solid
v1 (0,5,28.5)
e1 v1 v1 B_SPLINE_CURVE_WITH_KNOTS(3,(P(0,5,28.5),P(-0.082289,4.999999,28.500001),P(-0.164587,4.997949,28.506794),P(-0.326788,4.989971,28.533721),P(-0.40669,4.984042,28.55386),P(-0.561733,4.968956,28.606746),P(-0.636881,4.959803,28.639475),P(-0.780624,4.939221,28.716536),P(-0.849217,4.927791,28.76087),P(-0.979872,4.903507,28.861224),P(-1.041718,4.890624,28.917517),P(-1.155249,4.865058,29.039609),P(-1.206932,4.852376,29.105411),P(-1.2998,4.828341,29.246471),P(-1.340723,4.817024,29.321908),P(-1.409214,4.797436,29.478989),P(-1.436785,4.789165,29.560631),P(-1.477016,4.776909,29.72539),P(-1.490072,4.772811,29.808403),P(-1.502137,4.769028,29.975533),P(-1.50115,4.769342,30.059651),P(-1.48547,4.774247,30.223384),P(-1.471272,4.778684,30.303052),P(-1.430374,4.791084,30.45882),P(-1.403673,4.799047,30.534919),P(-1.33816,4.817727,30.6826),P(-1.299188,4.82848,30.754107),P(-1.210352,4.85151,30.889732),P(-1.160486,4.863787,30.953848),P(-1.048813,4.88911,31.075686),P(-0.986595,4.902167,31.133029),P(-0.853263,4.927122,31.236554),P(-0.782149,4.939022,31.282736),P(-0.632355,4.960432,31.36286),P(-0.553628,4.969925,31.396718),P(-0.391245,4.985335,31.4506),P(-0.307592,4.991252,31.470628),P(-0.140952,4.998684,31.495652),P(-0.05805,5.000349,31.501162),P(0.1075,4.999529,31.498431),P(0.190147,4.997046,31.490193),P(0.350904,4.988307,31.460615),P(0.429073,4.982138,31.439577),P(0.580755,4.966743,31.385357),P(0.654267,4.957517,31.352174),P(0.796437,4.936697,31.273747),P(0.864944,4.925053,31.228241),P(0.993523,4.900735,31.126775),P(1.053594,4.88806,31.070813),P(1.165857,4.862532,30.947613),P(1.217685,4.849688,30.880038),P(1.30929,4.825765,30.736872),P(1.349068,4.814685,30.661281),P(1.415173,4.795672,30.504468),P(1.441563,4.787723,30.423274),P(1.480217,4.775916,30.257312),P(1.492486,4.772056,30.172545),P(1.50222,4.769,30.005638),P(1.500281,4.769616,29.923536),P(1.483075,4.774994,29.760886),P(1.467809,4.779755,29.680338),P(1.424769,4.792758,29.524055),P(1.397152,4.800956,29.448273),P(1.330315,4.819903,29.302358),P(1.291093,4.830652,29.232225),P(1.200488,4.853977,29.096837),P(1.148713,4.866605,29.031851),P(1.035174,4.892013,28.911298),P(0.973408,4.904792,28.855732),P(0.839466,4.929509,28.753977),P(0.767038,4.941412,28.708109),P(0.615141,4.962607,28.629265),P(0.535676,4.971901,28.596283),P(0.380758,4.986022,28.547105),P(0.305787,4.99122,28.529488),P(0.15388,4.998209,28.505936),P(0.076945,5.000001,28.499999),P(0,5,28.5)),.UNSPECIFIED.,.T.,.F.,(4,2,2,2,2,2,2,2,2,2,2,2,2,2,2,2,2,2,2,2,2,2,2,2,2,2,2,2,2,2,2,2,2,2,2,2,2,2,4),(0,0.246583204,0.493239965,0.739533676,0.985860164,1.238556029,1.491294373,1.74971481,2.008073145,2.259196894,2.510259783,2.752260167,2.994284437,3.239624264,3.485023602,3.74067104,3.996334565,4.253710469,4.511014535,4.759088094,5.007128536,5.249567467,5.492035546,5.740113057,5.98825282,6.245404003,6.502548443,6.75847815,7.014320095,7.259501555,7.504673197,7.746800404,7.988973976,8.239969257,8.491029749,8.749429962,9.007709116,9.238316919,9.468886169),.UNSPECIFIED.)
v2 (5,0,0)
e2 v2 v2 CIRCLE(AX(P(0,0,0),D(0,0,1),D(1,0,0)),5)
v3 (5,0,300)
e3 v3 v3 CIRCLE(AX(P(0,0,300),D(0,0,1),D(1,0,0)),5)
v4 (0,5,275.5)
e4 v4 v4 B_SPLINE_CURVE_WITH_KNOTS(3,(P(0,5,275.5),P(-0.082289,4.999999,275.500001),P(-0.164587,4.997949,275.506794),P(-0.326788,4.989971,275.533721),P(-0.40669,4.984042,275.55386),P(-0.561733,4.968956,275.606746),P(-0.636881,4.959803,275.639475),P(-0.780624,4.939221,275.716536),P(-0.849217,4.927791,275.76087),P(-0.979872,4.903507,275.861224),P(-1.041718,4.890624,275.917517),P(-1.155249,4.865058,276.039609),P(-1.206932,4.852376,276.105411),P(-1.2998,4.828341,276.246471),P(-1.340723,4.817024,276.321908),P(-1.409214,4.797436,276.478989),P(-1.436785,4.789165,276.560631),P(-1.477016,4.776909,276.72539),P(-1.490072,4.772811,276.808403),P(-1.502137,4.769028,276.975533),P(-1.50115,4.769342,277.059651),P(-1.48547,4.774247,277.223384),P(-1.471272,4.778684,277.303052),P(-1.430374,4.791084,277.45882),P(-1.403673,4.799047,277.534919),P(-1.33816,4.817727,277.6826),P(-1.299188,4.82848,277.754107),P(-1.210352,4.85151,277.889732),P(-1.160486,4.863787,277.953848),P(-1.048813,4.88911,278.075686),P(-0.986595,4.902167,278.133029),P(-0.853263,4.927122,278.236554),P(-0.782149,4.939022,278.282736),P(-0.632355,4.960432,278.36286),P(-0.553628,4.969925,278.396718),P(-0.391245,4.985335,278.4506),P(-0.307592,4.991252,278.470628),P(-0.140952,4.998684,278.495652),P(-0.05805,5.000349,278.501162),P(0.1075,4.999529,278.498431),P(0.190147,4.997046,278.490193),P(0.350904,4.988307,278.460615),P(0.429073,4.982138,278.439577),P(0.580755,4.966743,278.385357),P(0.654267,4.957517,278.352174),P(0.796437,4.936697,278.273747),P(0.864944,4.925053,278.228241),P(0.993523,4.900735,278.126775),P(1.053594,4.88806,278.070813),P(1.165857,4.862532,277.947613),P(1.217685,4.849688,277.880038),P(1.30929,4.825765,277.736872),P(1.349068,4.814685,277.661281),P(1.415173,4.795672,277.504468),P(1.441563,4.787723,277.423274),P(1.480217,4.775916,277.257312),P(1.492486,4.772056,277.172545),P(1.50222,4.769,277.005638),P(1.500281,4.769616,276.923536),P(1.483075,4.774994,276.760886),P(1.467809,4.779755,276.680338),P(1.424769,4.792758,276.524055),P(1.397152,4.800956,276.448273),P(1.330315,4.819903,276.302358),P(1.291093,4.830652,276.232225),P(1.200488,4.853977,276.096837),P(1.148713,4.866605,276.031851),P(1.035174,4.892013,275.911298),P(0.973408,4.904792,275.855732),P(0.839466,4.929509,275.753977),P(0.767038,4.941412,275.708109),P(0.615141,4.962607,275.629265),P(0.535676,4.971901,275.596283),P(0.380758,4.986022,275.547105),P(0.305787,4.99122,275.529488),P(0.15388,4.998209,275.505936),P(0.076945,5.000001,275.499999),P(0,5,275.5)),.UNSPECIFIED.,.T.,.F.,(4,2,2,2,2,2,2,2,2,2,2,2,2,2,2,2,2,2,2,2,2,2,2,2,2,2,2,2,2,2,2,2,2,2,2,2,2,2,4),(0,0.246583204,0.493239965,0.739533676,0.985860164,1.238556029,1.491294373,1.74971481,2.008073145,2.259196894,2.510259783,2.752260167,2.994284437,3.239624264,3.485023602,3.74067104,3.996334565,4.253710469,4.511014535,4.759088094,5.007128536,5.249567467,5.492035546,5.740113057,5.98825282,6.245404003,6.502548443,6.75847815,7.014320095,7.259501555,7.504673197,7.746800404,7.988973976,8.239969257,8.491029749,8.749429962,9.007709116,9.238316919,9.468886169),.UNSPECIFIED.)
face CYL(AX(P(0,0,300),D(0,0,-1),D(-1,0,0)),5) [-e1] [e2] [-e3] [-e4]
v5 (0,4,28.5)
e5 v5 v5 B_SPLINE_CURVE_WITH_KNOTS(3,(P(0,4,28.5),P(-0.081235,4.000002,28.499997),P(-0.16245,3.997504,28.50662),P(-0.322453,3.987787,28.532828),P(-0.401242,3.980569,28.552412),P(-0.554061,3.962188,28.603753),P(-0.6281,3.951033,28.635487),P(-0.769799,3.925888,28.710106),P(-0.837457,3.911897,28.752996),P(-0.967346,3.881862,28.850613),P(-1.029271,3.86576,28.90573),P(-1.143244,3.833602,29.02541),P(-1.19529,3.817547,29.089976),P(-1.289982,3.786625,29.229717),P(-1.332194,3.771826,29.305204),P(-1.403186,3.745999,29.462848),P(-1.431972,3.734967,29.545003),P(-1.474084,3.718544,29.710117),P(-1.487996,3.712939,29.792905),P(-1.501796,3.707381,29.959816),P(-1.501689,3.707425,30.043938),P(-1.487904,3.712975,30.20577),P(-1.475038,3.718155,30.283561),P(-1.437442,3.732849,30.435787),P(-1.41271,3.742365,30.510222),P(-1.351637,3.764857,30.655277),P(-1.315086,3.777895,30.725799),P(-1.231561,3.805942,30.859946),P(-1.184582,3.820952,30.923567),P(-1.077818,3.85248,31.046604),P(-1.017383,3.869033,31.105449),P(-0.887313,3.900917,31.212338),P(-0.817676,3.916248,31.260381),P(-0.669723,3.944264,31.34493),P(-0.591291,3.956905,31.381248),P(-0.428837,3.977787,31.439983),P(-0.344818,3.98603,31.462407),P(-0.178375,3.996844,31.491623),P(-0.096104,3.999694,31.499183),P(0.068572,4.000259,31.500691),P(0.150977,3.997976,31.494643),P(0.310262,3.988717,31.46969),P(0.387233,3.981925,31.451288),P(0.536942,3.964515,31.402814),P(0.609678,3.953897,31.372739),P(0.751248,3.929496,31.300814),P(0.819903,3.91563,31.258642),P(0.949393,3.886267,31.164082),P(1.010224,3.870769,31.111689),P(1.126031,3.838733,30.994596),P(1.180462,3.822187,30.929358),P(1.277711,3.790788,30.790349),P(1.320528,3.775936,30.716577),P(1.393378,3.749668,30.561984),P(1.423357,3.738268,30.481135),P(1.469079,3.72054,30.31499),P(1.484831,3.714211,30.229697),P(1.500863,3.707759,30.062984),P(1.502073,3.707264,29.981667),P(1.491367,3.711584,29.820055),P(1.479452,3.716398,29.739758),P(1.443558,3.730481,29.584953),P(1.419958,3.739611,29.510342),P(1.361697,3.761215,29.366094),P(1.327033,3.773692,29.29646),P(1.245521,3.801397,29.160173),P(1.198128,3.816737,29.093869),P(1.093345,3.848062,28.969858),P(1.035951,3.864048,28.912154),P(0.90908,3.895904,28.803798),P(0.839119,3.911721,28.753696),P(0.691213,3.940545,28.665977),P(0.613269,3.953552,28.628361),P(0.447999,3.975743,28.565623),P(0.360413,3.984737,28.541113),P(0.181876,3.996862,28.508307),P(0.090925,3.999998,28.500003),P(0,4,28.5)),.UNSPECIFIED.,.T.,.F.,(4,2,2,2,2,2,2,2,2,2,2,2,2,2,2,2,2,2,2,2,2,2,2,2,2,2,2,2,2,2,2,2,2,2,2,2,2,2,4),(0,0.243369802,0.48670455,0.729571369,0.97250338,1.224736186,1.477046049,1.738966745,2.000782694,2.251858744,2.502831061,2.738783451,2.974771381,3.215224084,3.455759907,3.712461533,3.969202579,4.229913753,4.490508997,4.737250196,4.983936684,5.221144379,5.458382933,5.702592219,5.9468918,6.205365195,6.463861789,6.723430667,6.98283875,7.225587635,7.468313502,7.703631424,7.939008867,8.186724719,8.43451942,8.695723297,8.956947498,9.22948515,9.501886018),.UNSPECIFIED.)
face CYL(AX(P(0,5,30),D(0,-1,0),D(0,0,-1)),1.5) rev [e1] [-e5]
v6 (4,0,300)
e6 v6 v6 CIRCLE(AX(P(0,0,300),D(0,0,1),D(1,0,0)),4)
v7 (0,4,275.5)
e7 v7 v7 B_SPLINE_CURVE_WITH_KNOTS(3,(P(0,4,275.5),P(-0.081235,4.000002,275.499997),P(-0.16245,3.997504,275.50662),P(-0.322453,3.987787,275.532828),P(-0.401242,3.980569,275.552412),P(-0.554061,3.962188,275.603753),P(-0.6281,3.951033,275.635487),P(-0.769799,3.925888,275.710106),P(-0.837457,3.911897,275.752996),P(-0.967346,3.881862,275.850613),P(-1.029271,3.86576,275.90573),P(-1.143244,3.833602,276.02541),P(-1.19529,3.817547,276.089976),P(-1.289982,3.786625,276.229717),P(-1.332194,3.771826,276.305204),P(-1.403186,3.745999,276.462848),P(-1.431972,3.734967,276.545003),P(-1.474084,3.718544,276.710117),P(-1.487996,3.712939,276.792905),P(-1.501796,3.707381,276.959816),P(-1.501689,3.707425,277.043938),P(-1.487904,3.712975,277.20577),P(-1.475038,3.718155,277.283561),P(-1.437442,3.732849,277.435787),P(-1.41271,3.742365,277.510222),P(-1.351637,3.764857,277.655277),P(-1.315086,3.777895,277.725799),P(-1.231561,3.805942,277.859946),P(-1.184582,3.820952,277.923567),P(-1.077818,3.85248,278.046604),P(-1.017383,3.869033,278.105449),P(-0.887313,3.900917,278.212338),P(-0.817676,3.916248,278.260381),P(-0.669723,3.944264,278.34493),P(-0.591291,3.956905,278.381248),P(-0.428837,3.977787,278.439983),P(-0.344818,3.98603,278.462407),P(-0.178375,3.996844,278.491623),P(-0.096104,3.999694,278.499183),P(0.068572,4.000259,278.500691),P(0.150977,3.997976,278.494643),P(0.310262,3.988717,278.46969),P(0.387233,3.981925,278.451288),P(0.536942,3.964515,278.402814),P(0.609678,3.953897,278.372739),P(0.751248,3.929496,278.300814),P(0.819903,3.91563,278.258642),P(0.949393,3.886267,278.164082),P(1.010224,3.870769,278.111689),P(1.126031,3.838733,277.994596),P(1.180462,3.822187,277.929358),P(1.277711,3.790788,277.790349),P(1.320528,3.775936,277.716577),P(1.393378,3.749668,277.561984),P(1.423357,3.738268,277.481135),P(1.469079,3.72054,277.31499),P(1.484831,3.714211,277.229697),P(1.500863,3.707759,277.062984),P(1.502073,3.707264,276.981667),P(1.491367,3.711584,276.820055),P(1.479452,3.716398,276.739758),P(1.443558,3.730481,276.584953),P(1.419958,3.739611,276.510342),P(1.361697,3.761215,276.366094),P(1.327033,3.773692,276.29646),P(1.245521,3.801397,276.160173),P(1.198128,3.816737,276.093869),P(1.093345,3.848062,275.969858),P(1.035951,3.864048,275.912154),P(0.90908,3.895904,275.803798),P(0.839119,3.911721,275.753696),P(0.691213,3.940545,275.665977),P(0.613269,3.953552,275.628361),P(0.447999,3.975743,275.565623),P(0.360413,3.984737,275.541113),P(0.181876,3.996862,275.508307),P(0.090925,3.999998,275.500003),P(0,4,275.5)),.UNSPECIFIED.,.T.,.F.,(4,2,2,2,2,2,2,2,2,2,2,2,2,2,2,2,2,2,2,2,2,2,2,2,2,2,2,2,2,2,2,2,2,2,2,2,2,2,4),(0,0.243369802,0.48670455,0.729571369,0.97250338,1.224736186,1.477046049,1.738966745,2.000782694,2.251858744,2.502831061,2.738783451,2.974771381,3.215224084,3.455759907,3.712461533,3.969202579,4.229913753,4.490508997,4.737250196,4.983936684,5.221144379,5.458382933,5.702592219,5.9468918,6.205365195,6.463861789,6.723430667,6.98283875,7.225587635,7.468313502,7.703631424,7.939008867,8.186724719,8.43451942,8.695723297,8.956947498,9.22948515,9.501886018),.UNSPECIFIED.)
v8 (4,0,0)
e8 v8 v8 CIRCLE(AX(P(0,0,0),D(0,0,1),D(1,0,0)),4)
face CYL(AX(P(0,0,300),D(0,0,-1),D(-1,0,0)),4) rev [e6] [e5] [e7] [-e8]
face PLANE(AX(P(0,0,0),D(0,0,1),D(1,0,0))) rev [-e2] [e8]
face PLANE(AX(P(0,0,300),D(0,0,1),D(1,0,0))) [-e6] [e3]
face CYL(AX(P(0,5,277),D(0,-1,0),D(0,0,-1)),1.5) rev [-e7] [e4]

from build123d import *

# Parameters (mm, degrees)
SKETCH_1_R          = 5
SKETCH_1_R_2        = 4
EXTRUDE_1_DEPTH     = 300
SKETCH_2_R          = 1.5
CUT_EXTRUDE_1_DEPTH = 301.083321762


with BuildPart() as part:
    # 草图1 → 凸台-拉伸1 (new body)
    with BuildSketch(Plane.XY):
        Circle(SKETCH_1_R)
        Circle(SKETCH_1_R_2, mode=Mode.SUBTRACT)
    extrude(amount=EXTRUDE_1_DEPTH)

    # 草图2 → 切除-拉伸1 (cut, through all)
    with BuildSketch(Plane(origin=(0, 0, 0), x_dir=(1, 0, 0), z_dir=(0, 1, 0))):
        with Locations(Location((0, -277, 0), (0, 0, 90))):
            Circle(SKETCH_2_R)
        with Locations(Location((0, -30, 0), (0, 0, 90))):
            Circle(SKETCH_2_R)
    extrude(amount=CUT_EXTRUDE_1_DEPTH, mode=Mode.SUBTRACT)


solid = part.part
